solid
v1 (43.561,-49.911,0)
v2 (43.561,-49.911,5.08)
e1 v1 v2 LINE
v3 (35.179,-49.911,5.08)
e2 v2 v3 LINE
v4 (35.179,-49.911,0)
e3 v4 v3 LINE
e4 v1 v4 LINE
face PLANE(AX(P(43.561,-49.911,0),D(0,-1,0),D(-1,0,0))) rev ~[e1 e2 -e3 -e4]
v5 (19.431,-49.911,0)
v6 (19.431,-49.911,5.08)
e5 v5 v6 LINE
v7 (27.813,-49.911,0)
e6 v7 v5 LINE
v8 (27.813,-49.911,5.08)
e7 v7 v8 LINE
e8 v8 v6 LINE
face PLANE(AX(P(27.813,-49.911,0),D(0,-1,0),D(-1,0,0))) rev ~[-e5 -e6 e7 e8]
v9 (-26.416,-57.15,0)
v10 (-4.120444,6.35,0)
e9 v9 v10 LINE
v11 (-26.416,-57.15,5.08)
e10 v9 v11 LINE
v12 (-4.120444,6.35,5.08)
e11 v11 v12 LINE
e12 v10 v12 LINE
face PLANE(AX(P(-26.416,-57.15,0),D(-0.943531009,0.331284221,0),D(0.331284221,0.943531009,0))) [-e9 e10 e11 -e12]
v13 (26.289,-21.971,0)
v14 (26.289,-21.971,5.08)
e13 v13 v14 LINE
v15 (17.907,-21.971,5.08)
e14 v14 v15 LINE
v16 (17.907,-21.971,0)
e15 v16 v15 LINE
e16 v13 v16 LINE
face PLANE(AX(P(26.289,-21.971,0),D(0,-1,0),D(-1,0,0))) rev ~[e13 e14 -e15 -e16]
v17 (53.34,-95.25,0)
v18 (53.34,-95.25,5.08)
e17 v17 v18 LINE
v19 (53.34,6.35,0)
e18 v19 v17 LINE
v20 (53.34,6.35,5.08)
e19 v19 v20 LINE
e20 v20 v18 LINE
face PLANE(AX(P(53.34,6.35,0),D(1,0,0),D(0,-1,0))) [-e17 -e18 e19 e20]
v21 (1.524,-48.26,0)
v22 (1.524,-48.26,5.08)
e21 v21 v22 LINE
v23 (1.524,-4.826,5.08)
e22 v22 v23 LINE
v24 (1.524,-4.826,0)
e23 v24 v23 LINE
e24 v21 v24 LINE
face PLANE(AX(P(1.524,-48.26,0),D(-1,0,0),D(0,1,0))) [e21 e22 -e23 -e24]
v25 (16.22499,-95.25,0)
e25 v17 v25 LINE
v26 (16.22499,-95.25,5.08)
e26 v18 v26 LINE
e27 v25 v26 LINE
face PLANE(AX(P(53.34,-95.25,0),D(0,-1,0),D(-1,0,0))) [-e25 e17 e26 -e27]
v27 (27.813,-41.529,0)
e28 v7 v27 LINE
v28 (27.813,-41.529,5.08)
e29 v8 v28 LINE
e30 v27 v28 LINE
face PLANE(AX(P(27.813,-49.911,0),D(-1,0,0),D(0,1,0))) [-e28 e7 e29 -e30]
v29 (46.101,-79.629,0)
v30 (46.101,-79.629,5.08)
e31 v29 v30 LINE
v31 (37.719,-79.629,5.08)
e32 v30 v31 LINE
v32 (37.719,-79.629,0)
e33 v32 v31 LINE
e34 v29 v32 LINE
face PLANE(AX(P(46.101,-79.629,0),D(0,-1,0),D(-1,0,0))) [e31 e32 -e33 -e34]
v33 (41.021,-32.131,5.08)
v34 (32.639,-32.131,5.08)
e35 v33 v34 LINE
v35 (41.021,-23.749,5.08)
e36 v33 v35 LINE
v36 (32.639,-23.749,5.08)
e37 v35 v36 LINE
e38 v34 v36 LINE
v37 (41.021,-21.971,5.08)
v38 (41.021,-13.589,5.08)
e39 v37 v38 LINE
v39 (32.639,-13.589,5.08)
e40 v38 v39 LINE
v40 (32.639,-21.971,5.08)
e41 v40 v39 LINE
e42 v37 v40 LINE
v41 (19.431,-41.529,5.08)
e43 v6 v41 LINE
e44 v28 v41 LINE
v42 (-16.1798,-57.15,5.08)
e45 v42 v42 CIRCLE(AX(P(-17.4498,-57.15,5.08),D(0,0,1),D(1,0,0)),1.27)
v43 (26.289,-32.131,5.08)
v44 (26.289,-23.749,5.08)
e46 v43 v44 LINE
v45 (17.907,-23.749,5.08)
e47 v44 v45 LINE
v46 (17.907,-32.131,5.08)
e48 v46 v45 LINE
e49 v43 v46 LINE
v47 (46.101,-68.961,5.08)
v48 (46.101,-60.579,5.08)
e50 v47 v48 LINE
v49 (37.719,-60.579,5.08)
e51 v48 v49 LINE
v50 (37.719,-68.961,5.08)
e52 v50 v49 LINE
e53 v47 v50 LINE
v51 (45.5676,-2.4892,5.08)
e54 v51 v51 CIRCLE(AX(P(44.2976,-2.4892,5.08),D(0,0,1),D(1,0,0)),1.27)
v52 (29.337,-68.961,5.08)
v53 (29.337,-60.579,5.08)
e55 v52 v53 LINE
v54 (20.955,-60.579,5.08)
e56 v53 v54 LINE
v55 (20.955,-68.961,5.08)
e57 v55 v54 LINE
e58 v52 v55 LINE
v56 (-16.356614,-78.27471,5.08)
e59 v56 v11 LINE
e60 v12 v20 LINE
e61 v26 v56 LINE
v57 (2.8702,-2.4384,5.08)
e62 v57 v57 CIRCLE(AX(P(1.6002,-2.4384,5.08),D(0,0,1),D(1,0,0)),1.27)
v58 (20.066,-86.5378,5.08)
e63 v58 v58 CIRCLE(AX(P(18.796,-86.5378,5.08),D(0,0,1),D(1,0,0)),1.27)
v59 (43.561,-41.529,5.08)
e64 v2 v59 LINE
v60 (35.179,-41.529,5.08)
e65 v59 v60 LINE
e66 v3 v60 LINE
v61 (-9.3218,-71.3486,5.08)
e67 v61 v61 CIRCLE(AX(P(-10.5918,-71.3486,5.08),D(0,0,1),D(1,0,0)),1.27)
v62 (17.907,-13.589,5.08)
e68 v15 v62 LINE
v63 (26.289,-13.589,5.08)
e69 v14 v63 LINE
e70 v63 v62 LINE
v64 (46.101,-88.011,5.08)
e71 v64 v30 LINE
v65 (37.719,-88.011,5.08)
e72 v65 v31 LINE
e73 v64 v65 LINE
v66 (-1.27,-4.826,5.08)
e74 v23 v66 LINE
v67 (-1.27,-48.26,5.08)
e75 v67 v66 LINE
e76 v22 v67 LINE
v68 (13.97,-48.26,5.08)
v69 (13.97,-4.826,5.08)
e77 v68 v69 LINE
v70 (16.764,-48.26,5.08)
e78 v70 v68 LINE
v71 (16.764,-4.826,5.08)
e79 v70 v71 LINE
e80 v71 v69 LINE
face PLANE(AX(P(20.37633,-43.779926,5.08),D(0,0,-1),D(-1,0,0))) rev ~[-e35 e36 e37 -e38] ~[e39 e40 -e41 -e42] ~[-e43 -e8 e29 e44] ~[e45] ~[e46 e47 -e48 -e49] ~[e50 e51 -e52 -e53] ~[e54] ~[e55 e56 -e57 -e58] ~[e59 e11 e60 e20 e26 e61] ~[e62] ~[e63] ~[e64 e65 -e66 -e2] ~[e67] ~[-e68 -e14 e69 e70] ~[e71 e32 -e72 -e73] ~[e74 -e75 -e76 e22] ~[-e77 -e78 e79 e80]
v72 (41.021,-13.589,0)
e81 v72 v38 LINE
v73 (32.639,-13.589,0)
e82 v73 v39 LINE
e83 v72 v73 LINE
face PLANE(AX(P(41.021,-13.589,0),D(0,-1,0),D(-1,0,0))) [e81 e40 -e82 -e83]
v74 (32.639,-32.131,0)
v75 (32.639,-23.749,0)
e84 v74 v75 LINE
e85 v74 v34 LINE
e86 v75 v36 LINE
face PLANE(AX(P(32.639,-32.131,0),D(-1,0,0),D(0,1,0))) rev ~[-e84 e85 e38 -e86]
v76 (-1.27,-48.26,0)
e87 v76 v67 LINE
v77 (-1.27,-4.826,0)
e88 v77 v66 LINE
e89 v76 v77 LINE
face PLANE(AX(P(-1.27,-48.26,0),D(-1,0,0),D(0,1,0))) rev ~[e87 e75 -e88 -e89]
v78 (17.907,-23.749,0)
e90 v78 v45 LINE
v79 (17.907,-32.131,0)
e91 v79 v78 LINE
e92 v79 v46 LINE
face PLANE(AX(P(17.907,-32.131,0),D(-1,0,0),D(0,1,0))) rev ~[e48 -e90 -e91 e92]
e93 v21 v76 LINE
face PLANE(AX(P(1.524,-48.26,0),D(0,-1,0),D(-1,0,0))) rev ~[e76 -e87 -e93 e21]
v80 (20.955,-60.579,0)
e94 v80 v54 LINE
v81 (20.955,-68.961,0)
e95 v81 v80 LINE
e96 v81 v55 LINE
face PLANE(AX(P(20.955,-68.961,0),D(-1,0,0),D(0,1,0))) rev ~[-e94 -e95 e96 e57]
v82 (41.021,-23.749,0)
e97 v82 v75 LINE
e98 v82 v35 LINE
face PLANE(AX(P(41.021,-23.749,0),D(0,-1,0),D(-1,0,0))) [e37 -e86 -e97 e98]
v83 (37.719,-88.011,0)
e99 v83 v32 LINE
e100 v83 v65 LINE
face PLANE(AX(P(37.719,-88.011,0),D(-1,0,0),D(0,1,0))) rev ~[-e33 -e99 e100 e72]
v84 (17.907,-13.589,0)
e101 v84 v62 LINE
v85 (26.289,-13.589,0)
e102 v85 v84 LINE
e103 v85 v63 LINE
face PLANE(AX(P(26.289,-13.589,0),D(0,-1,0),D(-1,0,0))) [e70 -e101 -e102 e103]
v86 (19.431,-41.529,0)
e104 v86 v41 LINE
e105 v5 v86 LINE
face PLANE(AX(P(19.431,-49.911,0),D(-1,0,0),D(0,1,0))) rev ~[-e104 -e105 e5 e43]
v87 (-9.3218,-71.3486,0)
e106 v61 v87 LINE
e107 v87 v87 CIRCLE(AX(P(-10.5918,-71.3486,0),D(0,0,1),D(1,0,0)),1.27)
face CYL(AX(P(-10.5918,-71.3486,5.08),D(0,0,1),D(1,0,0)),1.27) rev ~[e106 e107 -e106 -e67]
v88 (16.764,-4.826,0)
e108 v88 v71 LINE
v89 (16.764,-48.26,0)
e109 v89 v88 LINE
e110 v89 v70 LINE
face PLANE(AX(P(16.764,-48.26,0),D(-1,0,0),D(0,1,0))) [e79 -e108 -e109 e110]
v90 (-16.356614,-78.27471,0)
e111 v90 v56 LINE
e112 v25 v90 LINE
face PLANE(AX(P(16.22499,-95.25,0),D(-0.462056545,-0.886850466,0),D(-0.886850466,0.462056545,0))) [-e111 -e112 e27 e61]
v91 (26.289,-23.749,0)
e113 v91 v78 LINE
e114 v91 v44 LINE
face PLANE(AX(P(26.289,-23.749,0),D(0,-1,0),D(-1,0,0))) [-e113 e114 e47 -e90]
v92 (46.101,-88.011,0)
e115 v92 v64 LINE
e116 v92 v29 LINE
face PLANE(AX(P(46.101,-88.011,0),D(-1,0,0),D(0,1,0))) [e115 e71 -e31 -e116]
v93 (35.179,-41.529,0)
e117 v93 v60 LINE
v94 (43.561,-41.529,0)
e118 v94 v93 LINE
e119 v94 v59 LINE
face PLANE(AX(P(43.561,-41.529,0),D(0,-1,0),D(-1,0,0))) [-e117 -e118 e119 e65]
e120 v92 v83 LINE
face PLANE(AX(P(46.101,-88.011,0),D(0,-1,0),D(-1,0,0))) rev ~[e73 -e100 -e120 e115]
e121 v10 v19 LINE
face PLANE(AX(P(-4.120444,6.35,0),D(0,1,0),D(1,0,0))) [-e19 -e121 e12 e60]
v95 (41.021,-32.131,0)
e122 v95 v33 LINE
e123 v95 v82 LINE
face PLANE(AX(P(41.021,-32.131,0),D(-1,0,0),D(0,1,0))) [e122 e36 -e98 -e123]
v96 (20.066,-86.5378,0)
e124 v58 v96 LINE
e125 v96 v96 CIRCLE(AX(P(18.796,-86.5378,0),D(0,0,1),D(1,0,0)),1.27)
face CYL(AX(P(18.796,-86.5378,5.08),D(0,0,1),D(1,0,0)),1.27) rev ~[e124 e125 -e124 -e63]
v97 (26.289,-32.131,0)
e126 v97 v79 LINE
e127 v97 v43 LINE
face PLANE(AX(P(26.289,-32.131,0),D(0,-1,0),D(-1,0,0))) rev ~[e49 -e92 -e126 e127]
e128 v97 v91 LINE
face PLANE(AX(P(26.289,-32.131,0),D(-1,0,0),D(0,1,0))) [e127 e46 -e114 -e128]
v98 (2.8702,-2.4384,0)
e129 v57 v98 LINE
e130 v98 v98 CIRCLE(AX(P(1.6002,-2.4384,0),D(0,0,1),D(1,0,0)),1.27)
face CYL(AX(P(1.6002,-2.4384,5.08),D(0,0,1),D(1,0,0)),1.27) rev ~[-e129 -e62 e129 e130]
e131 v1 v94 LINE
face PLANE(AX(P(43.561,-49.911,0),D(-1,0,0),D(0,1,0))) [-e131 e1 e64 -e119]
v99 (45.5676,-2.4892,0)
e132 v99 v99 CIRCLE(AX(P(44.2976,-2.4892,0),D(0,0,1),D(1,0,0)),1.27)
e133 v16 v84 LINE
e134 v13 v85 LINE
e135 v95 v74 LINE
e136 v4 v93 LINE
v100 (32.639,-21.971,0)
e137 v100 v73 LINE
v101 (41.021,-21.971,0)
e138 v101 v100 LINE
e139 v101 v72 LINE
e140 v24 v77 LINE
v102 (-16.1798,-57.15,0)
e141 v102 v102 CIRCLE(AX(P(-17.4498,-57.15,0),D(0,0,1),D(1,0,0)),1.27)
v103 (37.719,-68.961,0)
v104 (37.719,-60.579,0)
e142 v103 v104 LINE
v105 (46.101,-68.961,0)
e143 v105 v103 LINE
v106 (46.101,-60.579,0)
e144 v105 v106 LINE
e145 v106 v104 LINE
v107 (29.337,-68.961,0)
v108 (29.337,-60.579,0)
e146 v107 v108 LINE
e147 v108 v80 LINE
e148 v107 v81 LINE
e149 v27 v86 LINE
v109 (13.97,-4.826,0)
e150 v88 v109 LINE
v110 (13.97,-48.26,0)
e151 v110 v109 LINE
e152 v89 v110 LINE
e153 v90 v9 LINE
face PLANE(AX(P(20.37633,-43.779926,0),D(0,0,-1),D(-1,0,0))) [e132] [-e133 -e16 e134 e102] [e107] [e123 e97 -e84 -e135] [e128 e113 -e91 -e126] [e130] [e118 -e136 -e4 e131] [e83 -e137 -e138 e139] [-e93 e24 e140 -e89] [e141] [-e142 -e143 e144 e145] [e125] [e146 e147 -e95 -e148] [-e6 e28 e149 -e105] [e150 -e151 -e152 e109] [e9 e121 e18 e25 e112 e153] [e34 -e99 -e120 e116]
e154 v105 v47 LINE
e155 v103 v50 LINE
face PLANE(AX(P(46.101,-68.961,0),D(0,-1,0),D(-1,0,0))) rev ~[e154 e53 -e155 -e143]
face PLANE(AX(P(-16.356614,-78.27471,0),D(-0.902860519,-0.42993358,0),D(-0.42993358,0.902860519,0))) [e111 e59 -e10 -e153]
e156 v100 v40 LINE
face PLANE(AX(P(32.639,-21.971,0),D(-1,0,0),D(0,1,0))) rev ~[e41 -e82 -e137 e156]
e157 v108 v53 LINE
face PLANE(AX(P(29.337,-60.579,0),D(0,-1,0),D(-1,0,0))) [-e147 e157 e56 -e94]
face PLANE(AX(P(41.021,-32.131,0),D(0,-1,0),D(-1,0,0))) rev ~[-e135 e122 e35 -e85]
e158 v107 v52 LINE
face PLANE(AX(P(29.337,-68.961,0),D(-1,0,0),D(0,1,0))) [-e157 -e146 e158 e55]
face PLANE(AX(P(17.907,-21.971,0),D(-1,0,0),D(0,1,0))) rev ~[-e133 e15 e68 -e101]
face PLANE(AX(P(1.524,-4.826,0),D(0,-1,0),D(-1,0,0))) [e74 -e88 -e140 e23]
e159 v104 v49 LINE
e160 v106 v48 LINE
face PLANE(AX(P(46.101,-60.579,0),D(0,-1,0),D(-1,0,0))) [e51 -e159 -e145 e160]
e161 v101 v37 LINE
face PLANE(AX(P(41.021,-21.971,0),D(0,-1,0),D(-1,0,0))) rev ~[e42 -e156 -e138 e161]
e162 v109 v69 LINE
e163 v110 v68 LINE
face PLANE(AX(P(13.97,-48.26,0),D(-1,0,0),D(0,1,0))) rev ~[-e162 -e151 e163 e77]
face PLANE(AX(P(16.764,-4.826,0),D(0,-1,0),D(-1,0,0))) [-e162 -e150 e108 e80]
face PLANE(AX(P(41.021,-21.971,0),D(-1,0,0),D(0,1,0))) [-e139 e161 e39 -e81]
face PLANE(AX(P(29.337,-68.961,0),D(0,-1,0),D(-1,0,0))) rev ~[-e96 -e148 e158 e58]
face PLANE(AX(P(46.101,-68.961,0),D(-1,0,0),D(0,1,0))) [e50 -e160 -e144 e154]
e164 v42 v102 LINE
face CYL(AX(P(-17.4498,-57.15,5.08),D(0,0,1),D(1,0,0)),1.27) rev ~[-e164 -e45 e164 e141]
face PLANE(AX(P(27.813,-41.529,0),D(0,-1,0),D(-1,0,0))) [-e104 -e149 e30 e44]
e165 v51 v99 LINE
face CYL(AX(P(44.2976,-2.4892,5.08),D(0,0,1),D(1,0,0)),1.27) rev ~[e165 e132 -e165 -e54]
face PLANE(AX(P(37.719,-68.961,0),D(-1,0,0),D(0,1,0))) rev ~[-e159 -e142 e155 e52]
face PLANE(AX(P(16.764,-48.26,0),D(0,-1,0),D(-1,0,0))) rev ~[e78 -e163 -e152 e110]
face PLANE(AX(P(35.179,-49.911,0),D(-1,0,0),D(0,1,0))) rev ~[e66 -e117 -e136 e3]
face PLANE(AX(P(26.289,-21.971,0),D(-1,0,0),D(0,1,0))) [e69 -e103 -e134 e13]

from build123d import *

# Parameters (mm, degrees)
BOSS_EXTRUDE1_DEPTH = 5.08
SKETCH5_W           = 8.382
SKETCH5_H           = 8.382
SKETCH5_W_2         = 2.794
SKETCH5_H_2         = 43.434
CUT_EXTRUDE1_DEPTH  = 6.08
SKETCH7_R           = 1.27
CUT_EXTRUDE3_DEPTH  = 6.08


with BuildPart() as part:
    # Sketch1 → Boss-Extrude1 (new body)
    with BuildSketch(Plane.XY):
        Polygon((-4.120444444, 6.35), (53.34, 6.35), (53.34, -95.25), (16.22499019, -95.25), (-16.356614113, -78.274710363), (-26.416, -57.15), align=None)
    extrude(amount=BOSS_EXTRUDE1_DEPTH)

    # Sketch5 → Cut-Extrude1 (cut, through all)
    with BuildSketch(Plane(origin=(0, 0, 0), x_dir=(-1, 0, 0), z_dir=(0, 0, -1))):
        with Locations((-36.83, -17.78)):
            Rectangle(SKETCH5_W, SKETCH5_H)
        with Locations((-39.37, -45.72)):
            Rectangle(SKETCH5_W, SKETCH5_H)
        with Locations((-36.83, -27.94)):
            Rectangle(SKETCH5_W, SKETCH5_H)
        with Locations((-41.91, -64.77)):
            Rectangle(SKETCH5_W, SKETCH5_H)
        with Locations((-41.91, -83.82)):
            Rectangle(SKETCH5_W, SKETCH5_H)
        with Locations((-22.098, -17.78)):
            Rectangle(SKETCH5_W, SKETCH5_H)
        with Locations((-22.098, -27.94)):
            Rectangle(SKETCH5_W, SKETCH5_H)
        with Locations((-23.622, -45.72)):
            Rectangle(SKETCH5_W, SKETCH5_H)
        with Locations((-25.146, -64.77)):
            Rectangle(SKETCH5_W, SKETCH5_H)
        with Locations((-15.367, -26.543)):
            Rectangle(SKETCH5_W_2, SKETCH5_H_2)
        with Locations((-0.127, -26.543)):
            Rectangle(SKETCH5_W_2, SKETCH5_H_2)
    extrude(amount=-CUT_EXTRUDE1_DEPTH, mode=Mode.SUBTRACT)

    # Sketch7 → Cut-Extrude3 (cut, through all)
    with BuildSketch(Plane.XY.offset(5.08)):
        with Locations((44.2976, -2.4892)):
            Circle(SKETCH7_R)
        with Locations((1.6002, -2.4384)):
            Circle(SKETCH7_R)
        with Locations((-17.4498, -57.15)):
            Circle(SKETCH7_R)
        with Locations((-10.5918, -71.3486)):
            Circle(SKETCH7_R)
        with Locations((18.796, -86.5378)):
            Circle(SKETCH7_R)
    extrude(amount=-CUT_EXTRUDE3_DEPTH, mode=Mode.SUBTRACT)


solid = part.part
